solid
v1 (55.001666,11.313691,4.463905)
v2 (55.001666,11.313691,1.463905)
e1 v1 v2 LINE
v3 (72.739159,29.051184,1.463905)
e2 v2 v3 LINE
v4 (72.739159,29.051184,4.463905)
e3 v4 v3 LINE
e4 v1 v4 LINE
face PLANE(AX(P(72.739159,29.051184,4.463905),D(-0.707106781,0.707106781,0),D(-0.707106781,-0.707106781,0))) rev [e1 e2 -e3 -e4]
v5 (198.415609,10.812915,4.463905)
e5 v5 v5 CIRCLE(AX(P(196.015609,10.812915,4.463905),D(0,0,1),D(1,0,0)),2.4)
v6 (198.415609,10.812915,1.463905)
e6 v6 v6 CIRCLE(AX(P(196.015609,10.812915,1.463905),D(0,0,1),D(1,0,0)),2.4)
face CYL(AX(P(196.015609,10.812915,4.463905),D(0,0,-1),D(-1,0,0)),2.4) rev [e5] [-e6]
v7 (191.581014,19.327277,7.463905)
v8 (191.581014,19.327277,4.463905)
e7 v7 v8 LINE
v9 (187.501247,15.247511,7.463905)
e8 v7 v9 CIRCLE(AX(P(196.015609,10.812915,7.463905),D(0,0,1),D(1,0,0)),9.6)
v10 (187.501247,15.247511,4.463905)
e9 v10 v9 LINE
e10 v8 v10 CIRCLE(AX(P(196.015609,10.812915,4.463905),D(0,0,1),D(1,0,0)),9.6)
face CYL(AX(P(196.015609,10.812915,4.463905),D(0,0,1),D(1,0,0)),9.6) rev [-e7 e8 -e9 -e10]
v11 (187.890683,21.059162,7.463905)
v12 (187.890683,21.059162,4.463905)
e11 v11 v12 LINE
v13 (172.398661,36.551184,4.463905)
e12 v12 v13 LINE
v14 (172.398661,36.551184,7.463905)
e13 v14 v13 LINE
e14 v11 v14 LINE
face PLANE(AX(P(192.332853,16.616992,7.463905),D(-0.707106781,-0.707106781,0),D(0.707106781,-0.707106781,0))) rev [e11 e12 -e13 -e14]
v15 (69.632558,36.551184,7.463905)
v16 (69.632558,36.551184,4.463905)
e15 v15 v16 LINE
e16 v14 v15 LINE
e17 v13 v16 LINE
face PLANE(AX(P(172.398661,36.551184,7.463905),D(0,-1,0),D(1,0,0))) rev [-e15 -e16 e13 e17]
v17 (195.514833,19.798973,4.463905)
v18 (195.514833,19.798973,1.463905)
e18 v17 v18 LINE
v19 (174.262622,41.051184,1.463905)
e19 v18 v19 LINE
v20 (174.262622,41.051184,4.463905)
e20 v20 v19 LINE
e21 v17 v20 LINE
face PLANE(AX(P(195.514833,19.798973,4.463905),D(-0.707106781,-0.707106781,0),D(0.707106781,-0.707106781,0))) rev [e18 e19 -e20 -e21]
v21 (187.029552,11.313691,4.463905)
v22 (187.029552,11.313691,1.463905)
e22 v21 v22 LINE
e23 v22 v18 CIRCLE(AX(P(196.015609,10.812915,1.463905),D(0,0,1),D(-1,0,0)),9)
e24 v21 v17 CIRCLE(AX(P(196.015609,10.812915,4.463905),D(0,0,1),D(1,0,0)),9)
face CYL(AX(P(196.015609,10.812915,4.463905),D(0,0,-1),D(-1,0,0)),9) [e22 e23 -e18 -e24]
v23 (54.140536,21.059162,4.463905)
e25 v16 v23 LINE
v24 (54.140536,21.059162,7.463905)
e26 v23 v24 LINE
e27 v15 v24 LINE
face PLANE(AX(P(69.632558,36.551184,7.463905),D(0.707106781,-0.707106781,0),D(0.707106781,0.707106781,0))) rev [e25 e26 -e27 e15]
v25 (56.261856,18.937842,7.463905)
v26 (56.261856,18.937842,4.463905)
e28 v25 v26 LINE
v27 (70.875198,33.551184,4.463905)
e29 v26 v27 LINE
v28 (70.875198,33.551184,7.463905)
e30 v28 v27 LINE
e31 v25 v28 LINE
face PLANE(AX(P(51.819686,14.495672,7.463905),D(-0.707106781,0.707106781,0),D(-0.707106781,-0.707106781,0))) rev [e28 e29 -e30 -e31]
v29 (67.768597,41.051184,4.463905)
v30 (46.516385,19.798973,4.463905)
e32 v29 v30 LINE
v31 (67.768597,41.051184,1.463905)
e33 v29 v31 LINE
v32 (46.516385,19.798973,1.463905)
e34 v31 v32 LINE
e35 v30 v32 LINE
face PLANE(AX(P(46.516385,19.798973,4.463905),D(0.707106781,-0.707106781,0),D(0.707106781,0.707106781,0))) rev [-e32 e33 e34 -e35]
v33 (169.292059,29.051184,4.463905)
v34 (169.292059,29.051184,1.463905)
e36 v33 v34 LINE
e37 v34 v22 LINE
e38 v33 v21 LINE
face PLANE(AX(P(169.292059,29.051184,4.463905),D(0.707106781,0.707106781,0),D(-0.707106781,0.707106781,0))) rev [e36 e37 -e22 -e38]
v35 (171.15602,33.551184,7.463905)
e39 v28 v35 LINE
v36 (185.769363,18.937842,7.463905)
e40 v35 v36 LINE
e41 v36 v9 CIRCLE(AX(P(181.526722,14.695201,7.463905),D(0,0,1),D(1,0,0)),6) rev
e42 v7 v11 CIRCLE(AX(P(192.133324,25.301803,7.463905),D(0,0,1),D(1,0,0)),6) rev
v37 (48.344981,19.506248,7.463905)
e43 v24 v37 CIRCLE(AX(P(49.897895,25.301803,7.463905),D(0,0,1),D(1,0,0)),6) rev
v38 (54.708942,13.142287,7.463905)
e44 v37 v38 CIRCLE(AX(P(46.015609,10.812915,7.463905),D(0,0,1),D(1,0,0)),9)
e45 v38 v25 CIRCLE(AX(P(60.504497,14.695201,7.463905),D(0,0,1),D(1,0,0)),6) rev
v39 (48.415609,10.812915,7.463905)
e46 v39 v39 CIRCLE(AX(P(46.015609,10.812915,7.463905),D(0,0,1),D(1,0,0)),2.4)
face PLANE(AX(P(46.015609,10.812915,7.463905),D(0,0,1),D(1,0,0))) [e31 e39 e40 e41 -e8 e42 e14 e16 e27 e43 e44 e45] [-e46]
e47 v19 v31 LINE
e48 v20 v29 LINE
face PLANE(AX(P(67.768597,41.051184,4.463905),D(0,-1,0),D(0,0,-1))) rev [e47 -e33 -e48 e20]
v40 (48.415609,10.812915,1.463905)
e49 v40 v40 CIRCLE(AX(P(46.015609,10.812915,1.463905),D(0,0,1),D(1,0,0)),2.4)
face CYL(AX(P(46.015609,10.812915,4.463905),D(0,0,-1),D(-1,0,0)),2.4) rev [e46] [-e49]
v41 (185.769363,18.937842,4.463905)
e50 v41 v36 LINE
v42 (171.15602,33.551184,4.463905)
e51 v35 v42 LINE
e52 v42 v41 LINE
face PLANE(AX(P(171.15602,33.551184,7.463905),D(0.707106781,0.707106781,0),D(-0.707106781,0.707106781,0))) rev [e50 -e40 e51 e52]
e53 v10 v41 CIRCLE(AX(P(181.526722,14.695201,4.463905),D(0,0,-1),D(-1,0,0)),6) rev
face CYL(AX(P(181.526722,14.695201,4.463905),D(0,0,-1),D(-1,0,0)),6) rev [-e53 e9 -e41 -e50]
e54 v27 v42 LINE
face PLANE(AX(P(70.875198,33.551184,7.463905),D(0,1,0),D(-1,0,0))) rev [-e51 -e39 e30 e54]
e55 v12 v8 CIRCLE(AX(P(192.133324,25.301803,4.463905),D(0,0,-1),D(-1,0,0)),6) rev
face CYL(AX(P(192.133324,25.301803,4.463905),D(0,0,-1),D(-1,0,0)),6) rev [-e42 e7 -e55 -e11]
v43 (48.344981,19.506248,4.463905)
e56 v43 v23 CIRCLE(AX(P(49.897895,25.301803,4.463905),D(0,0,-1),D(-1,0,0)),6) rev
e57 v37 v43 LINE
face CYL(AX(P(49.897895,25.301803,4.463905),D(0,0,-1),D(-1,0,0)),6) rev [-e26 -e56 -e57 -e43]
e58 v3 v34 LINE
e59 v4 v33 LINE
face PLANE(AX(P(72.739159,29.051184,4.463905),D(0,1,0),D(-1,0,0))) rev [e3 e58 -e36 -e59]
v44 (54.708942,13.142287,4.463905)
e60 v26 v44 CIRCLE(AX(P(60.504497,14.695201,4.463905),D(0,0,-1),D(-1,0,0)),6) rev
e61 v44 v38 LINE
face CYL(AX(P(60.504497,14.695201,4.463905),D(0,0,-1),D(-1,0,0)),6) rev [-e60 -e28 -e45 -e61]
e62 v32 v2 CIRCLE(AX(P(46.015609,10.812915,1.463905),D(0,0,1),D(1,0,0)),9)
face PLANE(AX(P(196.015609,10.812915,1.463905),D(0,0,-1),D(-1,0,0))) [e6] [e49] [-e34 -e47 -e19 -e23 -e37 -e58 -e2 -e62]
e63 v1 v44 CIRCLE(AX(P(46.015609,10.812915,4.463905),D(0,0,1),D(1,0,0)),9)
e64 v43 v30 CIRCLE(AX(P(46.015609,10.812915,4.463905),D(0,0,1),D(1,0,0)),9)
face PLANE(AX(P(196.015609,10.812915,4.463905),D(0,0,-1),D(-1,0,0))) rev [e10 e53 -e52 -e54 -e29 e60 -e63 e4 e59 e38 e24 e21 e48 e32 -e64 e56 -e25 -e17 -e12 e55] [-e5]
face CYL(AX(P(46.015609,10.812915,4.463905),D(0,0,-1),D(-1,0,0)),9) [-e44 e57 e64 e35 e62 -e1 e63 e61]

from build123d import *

# Parameters (mm, degrees)
SKETCH1_R             = 4
BOSS_EXTRUDE1_DEPTH   = 5
BOSS_EXTRUDE2_DEPTH   = 5
SKETCH7_R             = 15
SKETCH7_R_2           = 4
BOSS_EXTRUDE3_DEPTH   = 5
FILLET1_R             = 10
IZIM1_R               = 16
KES_EKSTR_ZYON1_DEPTH = 5
ECHELLE1_SCALE        = 0.6


with BuildPart() as part:
    # Sketch1 → Boss-Extrude1 (new body)
    with BuildSketch(Plane.XY):
        with BuildLine():
            Line((44.539250231, 30.397114607), (14.976761962, 0.834626339))
            ThreePointArc((14.976761962, 0.834626339), (-10.606601718, -10.606601718), (0.834626339, 14.976761962))
            Line((0.834626339, 14.976761962), (36.254978983, 50.397114607))
            Line((36.254978983, 50.397114607), (213.745021017, 50.397114607))
            Line((213.745021017, 50.397114607), (249.165373661, 14.976761962))
            ThreePointArc((249.165373661, 14.976761962), (260.606601718, -10.606601718), (235.023238038, 0.834626339))
            Line((235.023238038, 0.834626339), (205.460749769, 30.397114607))
            Line((205.460749769, 30.397114607), (44.539250231, 30.397114607))
        make_face()
        Circle(SKETCH1_R, mode=Mode.SUBTRACT)
        with Locations((250, 0)):
            Circle(SKETCH1_R, mode=Mode.SUBTRACT)
    extrude(amount=BOSS_EXTRUDE1_DEPTH)

    # Sketch6 → Boss-Extrude2 (add)
    with BuildSketch(Plane.XY.offset(5)):
        Polygon((243.862072803, 9.673461103), (210.638419299, 42.897114607), (39.361580701, 42.897114607), (6.137927197, 9.673461103), (9.673461103, 6.137927197), (41.432648513, 37.897114607), (208.567351487, 37.897114607), (240.326538897, 6.137927197), align=None)
    extrude(amount=BOSS_EXTRUDE2_DEPTH)

    # Sketch7 → Boss-Extrude3 (add)
    # profile 1 of 2: a face of its own
    with BuildSketch(Plane.XY.offset(5)):
        Circle(SKETCH7_R)
        Circle(SKETCH7_R_2, mode=Mode.SUBTRACT)
    # profile 2 of 2: a face of its own
    with BuildSketch(Plane.XY.offset(5)):
        with Locations((250, 0)):
            Circle(SKETCH7_R)
        with Locations((250, 0)):
            Circle(SKETCH7_R_2, mode=Mode.SUBTRACT)
    extrude(amount=BOSS_EXTRUDE3_DEPTH)

    # Fillet1
    fillet1_edges = [part.edges().sort_by_distance(p)[0] for p in [
        (8.690483379, 12.226017285, 7.5),
        (12.226017285, 8.690483379, 7.5),
        (241.309516621, 12.226017285, 7.5),
        (237.773982715, 8.690483379, 7.5),
    ]]
    fillet(fillet1_edges, radius=FILLET1_R)

    # izim1 → Kes-Ekstr_zyon1 (cut)
    with BuildSketch(Plane.XY.offset(10)):
        with Locations((250, 0)):
            Circle(IZIM1_R)
    extrude(amount=-KES_EKSTR_ZYON1_DEPTH, mode=Mode.SUBTRACT)


with BuildPart() as part_1:
    # Echelle1: scaled about (115.03902324, 27.032288503, 3.659762747)
    add(part.part.scale(ECHELLE1_SCALE).moved(Location((46.015609296, 10.812915401, 1.463905099))))


solid = part_1.part
